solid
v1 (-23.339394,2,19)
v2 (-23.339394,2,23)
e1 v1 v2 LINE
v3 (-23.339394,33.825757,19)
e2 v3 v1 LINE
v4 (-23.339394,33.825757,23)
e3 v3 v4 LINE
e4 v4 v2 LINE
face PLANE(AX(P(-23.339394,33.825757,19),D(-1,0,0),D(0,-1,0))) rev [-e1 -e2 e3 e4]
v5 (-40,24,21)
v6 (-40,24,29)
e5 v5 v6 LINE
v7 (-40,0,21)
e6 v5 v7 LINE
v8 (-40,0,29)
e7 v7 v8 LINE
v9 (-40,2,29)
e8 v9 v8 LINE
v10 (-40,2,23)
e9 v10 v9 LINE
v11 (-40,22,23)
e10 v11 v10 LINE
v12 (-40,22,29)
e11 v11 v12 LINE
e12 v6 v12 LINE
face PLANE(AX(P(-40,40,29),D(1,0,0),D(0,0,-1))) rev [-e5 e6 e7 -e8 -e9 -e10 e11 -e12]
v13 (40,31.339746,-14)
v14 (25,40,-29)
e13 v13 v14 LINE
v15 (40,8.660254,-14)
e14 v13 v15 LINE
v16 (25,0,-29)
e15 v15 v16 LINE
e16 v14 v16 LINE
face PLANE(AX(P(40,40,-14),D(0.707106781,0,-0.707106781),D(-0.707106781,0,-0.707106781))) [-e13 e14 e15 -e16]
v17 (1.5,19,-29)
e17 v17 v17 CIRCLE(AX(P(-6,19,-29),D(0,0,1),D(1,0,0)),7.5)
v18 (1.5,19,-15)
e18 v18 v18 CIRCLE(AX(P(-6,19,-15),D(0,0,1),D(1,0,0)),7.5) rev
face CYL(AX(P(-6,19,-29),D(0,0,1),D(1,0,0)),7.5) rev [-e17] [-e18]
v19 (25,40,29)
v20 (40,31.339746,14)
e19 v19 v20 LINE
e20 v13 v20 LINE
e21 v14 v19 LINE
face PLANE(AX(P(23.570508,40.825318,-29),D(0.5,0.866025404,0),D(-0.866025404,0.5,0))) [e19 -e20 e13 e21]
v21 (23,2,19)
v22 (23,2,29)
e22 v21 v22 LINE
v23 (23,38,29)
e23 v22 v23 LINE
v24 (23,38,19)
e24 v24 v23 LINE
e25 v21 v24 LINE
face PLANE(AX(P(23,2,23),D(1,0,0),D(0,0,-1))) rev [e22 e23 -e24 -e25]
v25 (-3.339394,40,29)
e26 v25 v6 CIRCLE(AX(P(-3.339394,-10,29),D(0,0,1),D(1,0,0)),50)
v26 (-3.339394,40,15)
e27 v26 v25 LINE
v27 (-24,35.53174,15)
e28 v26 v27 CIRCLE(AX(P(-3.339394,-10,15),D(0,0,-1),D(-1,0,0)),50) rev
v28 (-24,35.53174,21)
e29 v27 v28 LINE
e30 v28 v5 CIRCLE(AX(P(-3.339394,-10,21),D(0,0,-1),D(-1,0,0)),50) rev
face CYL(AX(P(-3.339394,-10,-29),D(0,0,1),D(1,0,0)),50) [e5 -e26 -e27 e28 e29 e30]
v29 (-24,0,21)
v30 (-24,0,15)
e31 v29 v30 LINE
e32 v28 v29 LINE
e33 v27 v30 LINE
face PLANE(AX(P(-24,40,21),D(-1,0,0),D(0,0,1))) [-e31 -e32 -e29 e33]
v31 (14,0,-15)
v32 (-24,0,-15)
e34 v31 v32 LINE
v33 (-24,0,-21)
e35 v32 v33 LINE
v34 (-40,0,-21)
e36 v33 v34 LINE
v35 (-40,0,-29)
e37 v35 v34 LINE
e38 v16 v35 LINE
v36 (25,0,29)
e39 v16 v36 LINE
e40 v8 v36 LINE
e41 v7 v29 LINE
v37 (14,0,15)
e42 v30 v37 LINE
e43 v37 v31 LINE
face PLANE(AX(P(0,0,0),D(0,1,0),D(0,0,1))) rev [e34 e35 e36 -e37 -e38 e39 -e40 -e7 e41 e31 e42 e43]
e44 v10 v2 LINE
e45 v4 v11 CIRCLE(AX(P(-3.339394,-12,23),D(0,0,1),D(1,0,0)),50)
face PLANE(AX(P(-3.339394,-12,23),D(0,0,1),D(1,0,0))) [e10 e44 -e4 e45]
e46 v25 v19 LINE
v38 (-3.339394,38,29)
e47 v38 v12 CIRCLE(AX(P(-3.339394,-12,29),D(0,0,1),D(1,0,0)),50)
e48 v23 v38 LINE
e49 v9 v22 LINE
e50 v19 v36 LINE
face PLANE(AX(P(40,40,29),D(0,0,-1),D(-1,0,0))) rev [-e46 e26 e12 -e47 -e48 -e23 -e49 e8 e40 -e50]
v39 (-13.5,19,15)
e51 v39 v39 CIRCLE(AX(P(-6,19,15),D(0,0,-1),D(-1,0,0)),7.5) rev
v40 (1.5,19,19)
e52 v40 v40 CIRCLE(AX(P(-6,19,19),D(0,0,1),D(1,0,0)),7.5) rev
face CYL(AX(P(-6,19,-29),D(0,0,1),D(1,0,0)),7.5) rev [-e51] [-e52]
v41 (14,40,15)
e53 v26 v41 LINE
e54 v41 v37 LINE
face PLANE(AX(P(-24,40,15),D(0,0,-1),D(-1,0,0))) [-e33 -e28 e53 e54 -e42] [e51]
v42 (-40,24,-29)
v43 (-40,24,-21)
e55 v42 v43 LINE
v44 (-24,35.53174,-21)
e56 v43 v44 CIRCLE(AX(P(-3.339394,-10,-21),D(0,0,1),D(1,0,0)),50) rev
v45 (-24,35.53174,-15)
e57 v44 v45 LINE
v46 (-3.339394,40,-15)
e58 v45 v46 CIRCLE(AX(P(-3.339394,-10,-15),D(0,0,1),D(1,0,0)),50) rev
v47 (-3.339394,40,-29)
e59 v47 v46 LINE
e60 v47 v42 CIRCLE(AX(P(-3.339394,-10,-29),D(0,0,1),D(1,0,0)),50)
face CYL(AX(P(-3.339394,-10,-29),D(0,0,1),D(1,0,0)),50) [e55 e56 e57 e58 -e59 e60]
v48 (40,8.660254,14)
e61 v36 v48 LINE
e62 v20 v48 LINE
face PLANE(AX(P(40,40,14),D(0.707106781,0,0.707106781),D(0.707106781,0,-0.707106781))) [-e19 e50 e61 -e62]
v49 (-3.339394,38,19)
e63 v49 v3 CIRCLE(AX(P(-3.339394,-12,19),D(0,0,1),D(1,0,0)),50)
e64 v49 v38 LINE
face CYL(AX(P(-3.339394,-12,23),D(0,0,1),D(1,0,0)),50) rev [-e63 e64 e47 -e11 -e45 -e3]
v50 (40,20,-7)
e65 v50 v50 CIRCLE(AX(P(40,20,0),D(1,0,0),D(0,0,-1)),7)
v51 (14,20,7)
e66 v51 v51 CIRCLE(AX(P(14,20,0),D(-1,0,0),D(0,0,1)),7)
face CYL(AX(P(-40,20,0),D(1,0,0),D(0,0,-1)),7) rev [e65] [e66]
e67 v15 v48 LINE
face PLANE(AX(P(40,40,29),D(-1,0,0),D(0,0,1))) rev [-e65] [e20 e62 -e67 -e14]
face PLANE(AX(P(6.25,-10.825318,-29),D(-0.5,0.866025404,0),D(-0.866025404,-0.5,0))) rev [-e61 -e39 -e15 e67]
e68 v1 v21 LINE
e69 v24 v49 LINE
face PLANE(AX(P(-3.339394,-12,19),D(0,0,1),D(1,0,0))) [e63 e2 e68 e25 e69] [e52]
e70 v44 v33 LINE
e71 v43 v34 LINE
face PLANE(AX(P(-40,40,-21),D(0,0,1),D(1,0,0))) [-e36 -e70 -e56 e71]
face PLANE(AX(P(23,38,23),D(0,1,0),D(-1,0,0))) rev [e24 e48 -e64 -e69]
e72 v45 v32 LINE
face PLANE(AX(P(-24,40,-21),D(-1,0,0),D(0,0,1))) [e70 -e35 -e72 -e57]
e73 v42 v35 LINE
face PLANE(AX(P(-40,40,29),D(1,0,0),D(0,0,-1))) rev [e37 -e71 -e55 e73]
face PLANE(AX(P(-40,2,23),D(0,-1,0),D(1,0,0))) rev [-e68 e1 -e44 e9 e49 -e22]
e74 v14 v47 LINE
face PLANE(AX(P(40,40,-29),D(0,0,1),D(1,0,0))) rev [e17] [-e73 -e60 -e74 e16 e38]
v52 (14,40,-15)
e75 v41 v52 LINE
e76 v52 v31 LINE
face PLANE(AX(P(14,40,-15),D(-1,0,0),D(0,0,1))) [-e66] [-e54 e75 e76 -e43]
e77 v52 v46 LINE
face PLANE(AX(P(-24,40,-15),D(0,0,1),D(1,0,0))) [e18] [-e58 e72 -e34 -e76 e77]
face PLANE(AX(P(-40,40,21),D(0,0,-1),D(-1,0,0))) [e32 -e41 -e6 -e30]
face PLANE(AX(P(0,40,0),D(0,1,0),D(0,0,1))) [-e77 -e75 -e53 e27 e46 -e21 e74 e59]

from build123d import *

# Parameters (mm, degrees)
SKETCH1_W           = 80
SKETCH1_H           = 58
BOSS_EXTRUDE1_DEPTH = 40
SKETCH2_R           = 7.5
CUT_EXTRUDE1_DEPTH  = 82.018516402
CUT_EXTRUDE6_DEPTH  = 64.568860301
SKETCH4_R           = 7
CUT_EXTRUDE7_DEPTH  = 95.026591983
CUT_EXTRUDE8_DEPTH  = 6
CUT_EXTRUDE9_DEPTH  = 4


with BuildPart() as part:
    # Sketch1 → Boss-Extrude1 (new body)
    with BuildSketch(Plane(origin=(0, 0, 0), x_dir=(1, 0, 0), z_dir=(0, 1, 0))):
        Rectangle(SKETCH1_W, SKETCH1_H)
    extrude(amount=BOSS_EXTRUDE1_DEPTH)

    # Sketch2 → Cut-Extrude1 (cut, through all)
    with BuildSketch(Plane.XY.offset(29)):
        Polygon((40, 40), (25, 40), (40, 31.339745962), align=None)
        with BuildLine():
            ThreePointArc((-40, 24), (-23.33939444, 35.82575695), (-3.33939444, 40))
            Line((-3.33939444, 40), (-40, 40))
            Line((-40, 40), (-40, 24))
        make_face()
        Polygon((40, 0), (40, 8.660254038), (25, 0), align=None)
        with Locations((-6, 19)):
            Circle(SKETCH2_R)
    extrude(amount=-CUT_EXTRUDE1_DEPTH, mode=Mode.SUBTRACT)

    # Sketch3 → Cut-Extrude6 (cut, through all)
    with BuildSketch(Plane(origin=(0, 0, 0), x_dir=(1, 0, 0), z_dir=(0, 1, 0))):
        Polygon((25, 29), (40, 29), (40, 14), align=None)
        Polygon((40, -14), (25, -29), (40, -29), align=None)
        Polygon((-40, 21), (-24, 21), (-24, 15), (14, 15), (14, -15), (-24, -15), (-24, -21), (-40, -21), align=None)
    extrude(amount=CUT_EXTRUDE6_DEPTH, mode=Mode.SUBTRACT)

    # Sketch4 → Cut-Extrude7 (cut, through all)
    with BuildSketch(Plane(origin=(40, 0, 0), x_dir=(0, 0, -1), z_dir=(1, 0, 0))):
        with Locations((0, 20)):
            Circle(SKETCH4_R)
    extrude(amount=-CUT_EXTRUDE7_DEPTH, mode=Mode.SUBTRACT)

    # Sketch5 → Cut-Extrude8 (cut)
    with BuildSketch(Plane.XY.offset(29)):
        with BuildLine():
            Line((-40, 2), (23, 2))
            Line((23, 2), (23, 38))
            Line((23, 38), (-3.33939444, 38))
            ThreePointArc((-3.33939444, 38), (-23.33939444, 33.82575695), (-40, 22))
            Line((-40, 22), (-40, 2))
        make_face()
    extrude(amount=-CUT_EXTRUDE8_DEPTH, mode=Mode.SUBTRACT)

    # Sketch6 → Cut-Extrude9 (cut)
    with BuildSketch(Plane.XY.offset(23)):
        with BuildLine():
            Line((-23.33939444, 33.82575695), (-23.33939444, 2))
            Line((-23.33939444, 2), (23, 2))
            Line((23, 2), (23, 38))
            Line((23, 38), (-3.33939444, 38))
            ThreePointArc((-3.33939444, 38), (-13.554876625, 36.945315647), (-23.33939444, 33.82575695))
        make_face()
    extrude(amount=-CUT_EXTRUDE9_DEPTH, mode=Mode.SUBTRACT)


solid = part.part
